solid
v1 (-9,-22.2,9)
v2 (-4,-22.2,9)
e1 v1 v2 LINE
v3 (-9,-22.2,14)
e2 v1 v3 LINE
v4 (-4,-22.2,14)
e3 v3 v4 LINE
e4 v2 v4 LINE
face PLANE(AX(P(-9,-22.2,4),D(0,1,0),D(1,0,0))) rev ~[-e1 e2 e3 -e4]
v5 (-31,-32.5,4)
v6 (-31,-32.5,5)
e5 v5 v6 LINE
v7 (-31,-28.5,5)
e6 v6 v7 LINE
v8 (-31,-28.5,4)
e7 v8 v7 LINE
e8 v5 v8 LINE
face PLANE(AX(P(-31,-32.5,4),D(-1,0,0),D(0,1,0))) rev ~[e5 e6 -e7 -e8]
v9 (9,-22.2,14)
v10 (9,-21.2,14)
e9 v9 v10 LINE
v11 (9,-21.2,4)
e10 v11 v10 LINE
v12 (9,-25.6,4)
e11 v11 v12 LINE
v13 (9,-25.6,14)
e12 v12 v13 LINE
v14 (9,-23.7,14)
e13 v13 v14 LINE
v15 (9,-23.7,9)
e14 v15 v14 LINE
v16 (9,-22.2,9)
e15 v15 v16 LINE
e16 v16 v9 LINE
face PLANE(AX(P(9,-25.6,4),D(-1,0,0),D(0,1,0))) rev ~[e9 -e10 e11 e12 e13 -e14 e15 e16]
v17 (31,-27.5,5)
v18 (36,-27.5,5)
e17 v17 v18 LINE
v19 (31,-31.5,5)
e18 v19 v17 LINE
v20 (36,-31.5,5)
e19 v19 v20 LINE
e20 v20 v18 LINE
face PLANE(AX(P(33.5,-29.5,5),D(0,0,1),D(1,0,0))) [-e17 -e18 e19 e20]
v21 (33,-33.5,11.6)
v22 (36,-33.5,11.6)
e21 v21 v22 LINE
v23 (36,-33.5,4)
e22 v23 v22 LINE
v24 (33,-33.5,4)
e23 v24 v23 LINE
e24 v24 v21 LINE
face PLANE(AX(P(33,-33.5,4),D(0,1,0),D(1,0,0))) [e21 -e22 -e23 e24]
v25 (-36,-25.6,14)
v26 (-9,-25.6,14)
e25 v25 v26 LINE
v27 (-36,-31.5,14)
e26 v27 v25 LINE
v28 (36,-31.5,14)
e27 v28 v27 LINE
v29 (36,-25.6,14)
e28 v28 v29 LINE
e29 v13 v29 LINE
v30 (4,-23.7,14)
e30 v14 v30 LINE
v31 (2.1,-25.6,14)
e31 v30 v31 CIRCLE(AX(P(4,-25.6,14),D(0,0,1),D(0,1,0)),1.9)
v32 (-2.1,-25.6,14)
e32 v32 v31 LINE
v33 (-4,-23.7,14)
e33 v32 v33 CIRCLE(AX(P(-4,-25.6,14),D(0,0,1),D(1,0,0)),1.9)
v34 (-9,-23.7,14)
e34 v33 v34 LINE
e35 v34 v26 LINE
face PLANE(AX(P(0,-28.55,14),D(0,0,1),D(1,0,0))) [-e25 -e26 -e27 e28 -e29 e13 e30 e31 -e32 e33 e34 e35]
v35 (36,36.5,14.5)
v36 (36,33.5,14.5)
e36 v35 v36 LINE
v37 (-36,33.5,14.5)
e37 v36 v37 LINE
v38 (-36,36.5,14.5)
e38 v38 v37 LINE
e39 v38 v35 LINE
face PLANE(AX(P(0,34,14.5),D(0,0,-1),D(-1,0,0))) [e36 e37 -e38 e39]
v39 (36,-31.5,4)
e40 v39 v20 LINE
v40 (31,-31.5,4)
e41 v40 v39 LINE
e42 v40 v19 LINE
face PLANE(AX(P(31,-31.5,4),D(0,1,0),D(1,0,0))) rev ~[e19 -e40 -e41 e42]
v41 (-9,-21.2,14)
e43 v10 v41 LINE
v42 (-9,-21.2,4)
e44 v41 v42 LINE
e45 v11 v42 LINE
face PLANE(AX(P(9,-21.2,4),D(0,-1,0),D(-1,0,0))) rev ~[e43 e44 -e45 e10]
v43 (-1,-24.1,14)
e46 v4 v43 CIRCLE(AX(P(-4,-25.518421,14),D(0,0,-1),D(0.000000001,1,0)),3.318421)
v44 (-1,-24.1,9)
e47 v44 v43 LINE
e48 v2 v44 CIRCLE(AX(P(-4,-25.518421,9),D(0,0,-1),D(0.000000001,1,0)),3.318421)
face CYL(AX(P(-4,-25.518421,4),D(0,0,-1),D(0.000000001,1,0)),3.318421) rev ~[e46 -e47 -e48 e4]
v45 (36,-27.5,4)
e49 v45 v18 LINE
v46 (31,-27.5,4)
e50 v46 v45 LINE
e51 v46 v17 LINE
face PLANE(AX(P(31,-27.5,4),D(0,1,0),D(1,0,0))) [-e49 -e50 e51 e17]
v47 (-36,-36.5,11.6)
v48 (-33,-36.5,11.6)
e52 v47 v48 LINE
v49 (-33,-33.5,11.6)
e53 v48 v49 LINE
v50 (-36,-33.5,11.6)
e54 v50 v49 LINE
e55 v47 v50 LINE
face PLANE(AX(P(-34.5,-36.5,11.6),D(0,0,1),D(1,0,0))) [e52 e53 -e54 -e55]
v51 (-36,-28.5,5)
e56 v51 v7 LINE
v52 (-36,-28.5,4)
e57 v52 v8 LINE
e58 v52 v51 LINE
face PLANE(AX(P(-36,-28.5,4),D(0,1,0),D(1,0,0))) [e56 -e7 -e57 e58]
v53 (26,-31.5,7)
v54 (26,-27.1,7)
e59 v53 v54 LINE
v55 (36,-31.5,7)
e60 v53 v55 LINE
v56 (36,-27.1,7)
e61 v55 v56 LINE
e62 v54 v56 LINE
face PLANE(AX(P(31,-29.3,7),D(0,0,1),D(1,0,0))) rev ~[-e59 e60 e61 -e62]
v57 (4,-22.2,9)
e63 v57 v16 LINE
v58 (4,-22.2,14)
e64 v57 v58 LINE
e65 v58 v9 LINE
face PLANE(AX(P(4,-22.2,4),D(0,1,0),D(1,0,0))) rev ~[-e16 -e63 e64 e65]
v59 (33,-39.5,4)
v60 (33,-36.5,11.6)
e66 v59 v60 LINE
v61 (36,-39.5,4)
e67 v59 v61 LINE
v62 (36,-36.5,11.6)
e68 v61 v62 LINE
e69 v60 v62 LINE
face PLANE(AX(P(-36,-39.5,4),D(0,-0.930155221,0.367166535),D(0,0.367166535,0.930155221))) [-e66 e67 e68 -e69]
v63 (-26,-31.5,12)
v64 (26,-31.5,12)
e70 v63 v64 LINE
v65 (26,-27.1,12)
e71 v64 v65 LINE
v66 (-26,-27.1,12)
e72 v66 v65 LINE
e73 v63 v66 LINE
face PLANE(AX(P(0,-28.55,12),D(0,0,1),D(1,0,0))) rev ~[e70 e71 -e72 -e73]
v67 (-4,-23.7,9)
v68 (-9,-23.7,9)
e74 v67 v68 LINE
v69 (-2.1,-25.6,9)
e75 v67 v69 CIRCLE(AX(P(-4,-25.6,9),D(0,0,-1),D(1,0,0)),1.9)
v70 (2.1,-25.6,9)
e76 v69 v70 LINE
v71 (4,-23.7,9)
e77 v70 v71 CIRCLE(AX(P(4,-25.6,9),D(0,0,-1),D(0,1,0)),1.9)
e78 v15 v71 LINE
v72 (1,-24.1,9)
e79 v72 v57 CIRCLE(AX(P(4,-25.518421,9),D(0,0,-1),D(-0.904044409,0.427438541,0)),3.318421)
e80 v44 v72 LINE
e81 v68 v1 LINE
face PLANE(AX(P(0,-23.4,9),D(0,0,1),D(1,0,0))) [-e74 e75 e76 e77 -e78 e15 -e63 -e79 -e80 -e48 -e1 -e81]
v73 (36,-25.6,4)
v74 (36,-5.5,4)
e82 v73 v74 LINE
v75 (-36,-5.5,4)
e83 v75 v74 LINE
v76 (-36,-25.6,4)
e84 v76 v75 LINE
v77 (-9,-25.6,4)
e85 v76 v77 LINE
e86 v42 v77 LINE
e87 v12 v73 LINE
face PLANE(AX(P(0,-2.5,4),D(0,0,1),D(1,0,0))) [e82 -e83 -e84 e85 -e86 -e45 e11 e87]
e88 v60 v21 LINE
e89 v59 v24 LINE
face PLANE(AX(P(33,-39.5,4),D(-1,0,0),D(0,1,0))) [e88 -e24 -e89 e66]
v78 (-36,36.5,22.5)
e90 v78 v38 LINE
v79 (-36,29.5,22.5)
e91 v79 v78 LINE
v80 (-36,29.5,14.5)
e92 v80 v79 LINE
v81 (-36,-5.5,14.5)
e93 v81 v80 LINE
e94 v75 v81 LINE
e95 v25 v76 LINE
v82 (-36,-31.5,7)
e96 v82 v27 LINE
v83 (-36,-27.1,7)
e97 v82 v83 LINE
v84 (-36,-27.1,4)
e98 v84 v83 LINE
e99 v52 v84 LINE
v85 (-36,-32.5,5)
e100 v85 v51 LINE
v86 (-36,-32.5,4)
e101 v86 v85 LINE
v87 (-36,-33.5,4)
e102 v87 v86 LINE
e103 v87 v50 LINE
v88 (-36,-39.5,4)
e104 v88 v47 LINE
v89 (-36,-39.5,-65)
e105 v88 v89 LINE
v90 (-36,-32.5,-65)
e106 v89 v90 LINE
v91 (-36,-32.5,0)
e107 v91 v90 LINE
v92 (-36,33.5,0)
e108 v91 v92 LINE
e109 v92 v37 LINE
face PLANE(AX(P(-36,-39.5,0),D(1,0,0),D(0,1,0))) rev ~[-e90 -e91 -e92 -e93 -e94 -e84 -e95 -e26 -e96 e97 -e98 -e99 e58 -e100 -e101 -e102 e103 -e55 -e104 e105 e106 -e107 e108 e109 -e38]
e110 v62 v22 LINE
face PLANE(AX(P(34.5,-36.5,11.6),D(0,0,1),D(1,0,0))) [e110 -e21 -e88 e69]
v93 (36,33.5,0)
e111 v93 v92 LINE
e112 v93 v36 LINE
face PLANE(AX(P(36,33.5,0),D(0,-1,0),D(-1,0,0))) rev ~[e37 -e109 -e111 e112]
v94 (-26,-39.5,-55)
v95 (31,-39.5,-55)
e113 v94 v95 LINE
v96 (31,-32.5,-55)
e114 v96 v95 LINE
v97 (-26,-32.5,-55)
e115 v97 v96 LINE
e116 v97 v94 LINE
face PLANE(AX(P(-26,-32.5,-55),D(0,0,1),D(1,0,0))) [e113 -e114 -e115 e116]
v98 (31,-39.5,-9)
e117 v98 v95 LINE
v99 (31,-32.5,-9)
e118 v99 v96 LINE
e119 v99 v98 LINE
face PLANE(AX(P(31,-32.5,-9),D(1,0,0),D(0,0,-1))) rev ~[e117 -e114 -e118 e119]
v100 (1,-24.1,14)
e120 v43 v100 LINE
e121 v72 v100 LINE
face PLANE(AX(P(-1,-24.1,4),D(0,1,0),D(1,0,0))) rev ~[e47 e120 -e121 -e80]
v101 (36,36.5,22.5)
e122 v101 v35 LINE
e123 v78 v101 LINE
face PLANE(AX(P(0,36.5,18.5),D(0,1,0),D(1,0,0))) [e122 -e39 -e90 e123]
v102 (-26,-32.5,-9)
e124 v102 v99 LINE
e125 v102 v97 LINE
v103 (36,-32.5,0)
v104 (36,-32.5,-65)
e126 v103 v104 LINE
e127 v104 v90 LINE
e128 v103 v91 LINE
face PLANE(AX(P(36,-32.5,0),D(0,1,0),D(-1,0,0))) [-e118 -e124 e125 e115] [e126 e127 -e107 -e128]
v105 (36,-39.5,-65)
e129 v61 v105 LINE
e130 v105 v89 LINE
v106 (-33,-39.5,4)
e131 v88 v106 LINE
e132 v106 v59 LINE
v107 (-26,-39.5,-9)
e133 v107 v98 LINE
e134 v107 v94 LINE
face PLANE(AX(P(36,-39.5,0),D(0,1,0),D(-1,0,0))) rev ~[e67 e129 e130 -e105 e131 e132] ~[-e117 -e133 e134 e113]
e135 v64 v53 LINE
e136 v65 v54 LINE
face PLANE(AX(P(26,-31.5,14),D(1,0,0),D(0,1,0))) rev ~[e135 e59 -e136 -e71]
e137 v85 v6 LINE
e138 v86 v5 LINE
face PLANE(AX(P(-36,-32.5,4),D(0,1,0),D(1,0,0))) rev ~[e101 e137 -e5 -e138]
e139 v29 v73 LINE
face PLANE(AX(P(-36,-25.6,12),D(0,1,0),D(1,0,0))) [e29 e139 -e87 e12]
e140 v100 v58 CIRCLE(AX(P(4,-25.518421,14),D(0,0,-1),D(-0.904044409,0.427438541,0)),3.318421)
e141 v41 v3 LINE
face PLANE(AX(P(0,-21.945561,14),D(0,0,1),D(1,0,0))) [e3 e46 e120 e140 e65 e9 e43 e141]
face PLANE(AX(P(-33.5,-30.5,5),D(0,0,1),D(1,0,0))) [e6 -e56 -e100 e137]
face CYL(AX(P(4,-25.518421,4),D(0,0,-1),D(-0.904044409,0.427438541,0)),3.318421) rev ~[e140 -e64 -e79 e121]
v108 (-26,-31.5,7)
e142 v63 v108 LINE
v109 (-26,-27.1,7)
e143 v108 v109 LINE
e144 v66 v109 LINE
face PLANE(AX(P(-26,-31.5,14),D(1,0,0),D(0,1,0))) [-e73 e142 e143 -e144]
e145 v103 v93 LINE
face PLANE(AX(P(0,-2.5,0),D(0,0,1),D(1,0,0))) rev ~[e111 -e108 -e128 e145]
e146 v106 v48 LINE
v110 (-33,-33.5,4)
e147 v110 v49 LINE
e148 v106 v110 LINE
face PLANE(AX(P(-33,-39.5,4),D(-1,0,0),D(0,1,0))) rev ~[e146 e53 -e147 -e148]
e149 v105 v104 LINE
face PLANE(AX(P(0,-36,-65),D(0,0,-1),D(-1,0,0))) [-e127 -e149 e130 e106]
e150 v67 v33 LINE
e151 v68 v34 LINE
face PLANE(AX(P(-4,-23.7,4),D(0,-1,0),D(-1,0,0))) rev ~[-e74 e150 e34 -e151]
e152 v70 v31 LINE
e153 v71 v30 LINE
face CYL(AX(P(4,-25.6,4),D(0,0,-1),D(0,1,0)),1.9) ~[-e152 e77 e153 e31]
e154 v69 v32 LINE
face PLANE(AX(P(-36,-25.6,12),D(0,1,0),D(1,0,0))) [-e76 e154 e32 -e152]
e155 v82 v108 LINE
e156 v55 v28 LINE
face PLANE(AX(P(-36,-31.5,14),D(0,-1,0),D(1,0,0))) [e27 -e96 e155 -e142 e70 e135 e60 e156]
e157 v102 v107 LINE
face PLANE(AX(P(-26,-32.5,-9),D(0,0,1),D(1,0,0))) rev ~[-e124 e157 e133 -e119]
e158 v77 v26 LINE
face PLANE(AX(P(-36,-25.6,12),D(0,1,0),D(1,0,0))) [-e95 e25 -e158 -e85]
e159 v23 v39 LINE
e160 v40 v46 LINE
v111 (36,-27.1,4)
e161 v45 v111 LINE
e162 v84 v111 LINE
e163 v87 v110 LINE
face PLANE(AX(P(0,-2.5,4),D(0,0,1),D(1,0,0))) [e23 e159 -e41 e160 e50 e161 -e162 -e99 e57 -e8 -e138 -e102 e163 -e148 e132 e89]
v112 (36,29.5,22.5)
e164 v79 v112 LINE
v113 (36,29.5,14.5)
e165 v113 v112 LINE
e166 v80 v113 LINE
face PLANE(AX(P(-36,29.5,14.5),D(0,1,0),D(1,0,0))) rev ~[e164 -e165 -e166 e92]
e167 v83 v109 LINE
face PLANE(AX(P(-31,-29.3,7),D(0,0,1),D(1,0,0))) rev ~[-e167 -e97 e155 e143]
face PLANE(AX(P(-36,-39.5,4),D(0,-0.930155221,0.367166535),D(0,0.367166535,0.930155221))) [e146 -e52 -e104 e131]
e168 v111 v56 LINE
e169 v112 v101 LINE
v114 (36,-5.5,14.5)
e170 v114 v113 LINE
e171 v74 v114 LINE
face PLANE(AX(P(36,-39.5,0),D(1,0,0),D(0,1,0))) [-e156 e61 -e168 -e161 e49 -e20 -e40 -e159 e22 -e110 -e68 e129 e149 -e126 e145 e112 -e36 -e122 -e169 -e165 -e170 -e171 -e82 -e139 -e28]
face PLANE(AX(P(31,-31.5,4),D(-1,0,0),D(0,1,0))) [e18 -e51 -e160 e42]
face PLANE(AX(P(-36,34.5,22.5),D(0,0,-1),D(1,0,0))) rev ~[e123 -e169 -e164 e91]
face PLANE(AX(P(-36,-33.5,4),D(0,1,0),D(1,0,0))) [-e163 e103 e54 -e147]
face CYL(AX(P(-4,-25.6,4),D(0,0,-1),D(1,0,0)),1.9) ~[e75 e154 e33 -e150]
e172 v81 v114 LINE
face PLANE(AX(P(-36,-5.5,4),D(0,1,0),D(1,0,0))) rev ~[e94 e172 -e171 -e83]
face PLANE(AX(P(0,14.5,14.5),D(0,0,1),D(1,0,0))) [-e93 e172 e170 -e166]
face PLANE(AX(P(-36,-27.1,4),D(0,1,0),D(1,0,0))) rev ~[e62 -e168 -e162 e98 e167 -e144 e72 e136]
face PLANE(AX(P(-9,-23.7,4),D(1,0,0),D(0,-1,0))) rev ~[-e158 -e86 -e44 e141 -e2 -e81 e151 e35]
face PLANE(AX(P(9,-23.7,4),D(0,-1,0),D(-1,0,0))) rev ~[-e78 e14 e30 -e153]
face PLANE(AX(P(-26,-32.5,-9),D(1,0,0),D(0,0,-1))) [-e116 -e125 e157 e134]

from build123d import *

# Parameters (mm, degrees)
CROQUIS1_W               = 72
CROQUIS1_H               = 74
SALIENTE_EXTRUIR3_DEPTH  = 4
CROQUIS2_W               = 3
CROQUIS2_H               = 6
SALIENTE_EXTRUIR4_DEPTH  = 7.6
CORTAR_EXTRUIR3_DEPTH    = 83.938591741
CROQUIS5_W               = 5
CROQUIS5_H               = 4
SALIENTE_EXTRUIR5_DEPTH  = 1
CROQUIS9_W               = 72
CROQUIS9_H               = 1.5
SALIENTE_EXTRUIR6_DEPTH  = 8
CROQUIS10_W              = 72
CROQUIS10_H              = 5.9
SALIENTE_EXTRUIR7_DEPTH  = 2
CROQUIS11_W              = 10
CROQUIS11_H              = 4.4
SALIENTE_EXTRUIR10_DEPTH = 7
SALIENTE_EXTRUIR14_DEPTH = 10
CROQUIS15_W              = 18
CROQUIS15_H              = 4.4
SALIENTE_EXTRUIR15_DEPTH = 5
CROQUIS16_W              = 72
CROQUIS16_H              = 40
SALIENTE_EXTRUIR16_DEPTH = 10.5
CROQUIS17_W              = 72
CROQUIS17_H              = 5
SALIENTE_EXTRUIR17_DEPTH = 8
CROQUIS18_W              = 72
CROQUIS18_H              = 8
SALIENTE_EXTRUIR19_DEPTH = 2
CROQUIS19_W              = 72
CROQUIS19_H              = 1
CORTAR_EXTRUIR4_DEPTH    = 14.5
CROQUIS20_W              = 72
CROQUIS20_H              = 7
SALIENTE_EXTRUIR20_DEPTH = 65
CROQUIS21_W              = 57
CROQUIS21_H              = 46
CORTAR_EXTRUIR5_DEPTH    = 65


with BuildPart() as part:
    # Croquis1 → Saliente-Extruir3 (new body)
    with BuildSketch(Plane.XY):
        with Locations((0, -2.5)):
            Rectangle(CROQUIS1_W, CROQUIS1_H)
    extrude(amount=SALIENTE_EXTRUIR3_DEPTH)

    # Croquis2 → Saliente-Extruir4 (add)
    with BuildSketch(Plane.XY.offset(4)):
        with Locations((-34.5, -36.5)):
            Rectangle(CROQUIS2_W, CROQUIS2_H)
        with Locations((34.5, -36.5)):
            Rectangle(CROQUIS2_W, CROQUIS2_H)
    extrude(amount=SALIENTE_EXTRUIR4_DEPTH)

    # Croquis3 → Cortar-Extruir3 (cut, through all)
    with BuildSketch(Plane.ZY.offset(36)):
        Polygon((4, -39.5), (11.6, -36.5), (11.6, -39.5), align=None)
    extrude(amount=-CORTAR_EXTRUIR3_DEPTH, mode=Mode.SUBTRACT)

    # Croquis5 → Saliente-Extruir5 (add)
    with BuildSketch(Plane.XY.offset(4)):
        with Locations((-33.5, -30.5)):
            Rectangle(CROQUIS5_W, CROQUIS5_H)
        with Locations((33.5, -29.5)):
            Rectangle(CROQUIS5_W, CROQUIS5_H)
    extrude(amount=SALIENTE_EXTRUIR5_DEPTH)

    # Croquis9 → Saliente-Extruir6 (add)
    with BuildSketch(Plane.XY.offset(4)):
        with Locations((0, -26.35)):
            Rectangle(CROQUIS9_W, CROQUIS9_H)
    extrude(amount=SALIENTE_EXTRUIR6_DEPTH)

    # Croquis10 → Saliente-Extruir7 (add)
    with BuildSketch(Plane.XY.offset(12)):
        with Locations((0, -28.55)):
            Rectangle(CROQUIS10_W, CROQUIS10_H)
    extrude(amount=SALIENTE_EXTRUIR7_DEPTH)

    # Croquis11 → Saliente-Extruir10 (add)
    with BuildSketch(Plane.XY.offset(14)):
        with Locations((-31, -29.3)):
            Rectangle(CROQUIS11_W, CROQUIS11_H)
        with Locations((31, -29.3)):
            Rectangle(CROQUIS11_W, CROQUIS11_H)
    extrude(amount=-SALIENTE_EXTRUIR10_DEPTH)

    # Croquis14 → Saliente-Extruir14 (add)
    with BuildSketch(Plane.XY.offset(4)):
        with BuildLine():
            Line((-9, -23.7), (-9, -25.6))
            Line((-9, -25.6), (-2.1, -25.6))
            ThreePointArc((-2.1, -25.6), (-2.656497116, -24.256497116), (-4, -23.7))
            Line((-4, -23.7), (-9, -23.7))
        make_face()
        with BuildLine():
            Line((-9, -21.2), (-9, -22.2))
            Line((-9, -22.2), (-4, -22.2))
            ThreePointArc((-4, -22.2), (-2.22447191, -22.714955647), (-1, -24.1))
            Line((-1, -24.1), (1, -24.1))
            ThreePointArc((1, -24.1), (2.22447191, -22.714955647), (4, -22.2))
            Line((4, -22.2), (9, -22.2))
            Line((9, -22.2), (9, -21.2))
            Line((9, -21.2), (-9, -21.2))
        make_face()
        with BuildLine():
            ThreePointArc((4, -23.7), (2.656497116, -24.256497116), (2.1, -25.6))
            Line((2.1, -25.6), (9, -25.6))
            Line((9, -25.6), (9, -23.7))
            Line((9, -23.7), (4, -23.7))
        make_face()
    extrude(amount=SALIENTE_EXTRUIR14_DEPTH)

    # Croquis15 → Saliente-Extruir15 (add)
    with BuildSketch(Plane.XY.offset(4)):
        with Locations((0, -23.4)):
            Rectangle(CROQUIS15_W, CROQUIS15_H)
    extrude(amount=SALIENTE_EXTRUIR15_DEPTH)

    # Croquis16 → Saliente-Extruir16 (add)
    with BuildSketch(Plane.XY.offset(4)):
        with Locations((0, 14.5)):
            Rectangle(CROQUIS16_W, CROQUIS16_H)
    extrude(amount=SALIENTE_EXTRUIR16_DEPTH)

    # Croquis17 → Saliente-Extruir17 (add)
    with BuildSketch(Plane.XY.offset(14.5)):
        with Locations((0, 32)):
            Rectangle(CROQUIS17_W, CROQUIS17_H)
    extrude(amount=SALIENTE_EXTRUIR17_DEPTH)

    # Croquis18 → Saliente-Extruir19 (add)
    with BuildSketch(Plane(origin=(0, 34.5, 0), x_dir=(1, 0, 0), z_dir=(0, 1, 0))):
        with Locations((0, -18.5)):
            Rectangle(CROQUIS18_W, CROQUIS18_H)
    extrude(amount=SALIENTE_EXTRUIR19_DEPTH)

    # Croquis19 → Cortar-Extruir4 (cut)
    with BuildSketch(Plane(origin=(0, 0, 0), x_dir=(-1, 0, 0), z_dir=(0, 0, -1))):
        with Locations((0, 34)):
            Rectangle(CROQUIS19_W, CROQUIS19_H)
    extrude(amount=-CORTAR_EXTRUIR4_DEPTH, mode=Mode.SUBTRACT)

    # Croquis20 → Saliente-Extruir20 (add)
    with BuildSketch(Plane(origin=(0, 0, 0), x_dir=(-1, 0, 0), z_dir=(0, 0, -1))):
        with Locations((0, -36)):
            Rectangle(CROQUIS20_W, CROQUIS20_H)
    extrude(amount=SALIENTE_EXTRUIR20_DEPTH)

    # Croquis21 → Cortar-Extruir5 (cut)
    with BuildSketch(Plane(origin=(0, -32.5, 0), x_dir=(1, 0, 0), z_dir=(0, 1, 0))):
        with Locations((2.5, 32)):
            Rectangle(CROQUIS21_W, CROQUIS21_H)
    extrude(amount=-CORTAR_EXTRUIR5_DEPTH, mode=Mode.SUBTRACT)


solid = part.part
